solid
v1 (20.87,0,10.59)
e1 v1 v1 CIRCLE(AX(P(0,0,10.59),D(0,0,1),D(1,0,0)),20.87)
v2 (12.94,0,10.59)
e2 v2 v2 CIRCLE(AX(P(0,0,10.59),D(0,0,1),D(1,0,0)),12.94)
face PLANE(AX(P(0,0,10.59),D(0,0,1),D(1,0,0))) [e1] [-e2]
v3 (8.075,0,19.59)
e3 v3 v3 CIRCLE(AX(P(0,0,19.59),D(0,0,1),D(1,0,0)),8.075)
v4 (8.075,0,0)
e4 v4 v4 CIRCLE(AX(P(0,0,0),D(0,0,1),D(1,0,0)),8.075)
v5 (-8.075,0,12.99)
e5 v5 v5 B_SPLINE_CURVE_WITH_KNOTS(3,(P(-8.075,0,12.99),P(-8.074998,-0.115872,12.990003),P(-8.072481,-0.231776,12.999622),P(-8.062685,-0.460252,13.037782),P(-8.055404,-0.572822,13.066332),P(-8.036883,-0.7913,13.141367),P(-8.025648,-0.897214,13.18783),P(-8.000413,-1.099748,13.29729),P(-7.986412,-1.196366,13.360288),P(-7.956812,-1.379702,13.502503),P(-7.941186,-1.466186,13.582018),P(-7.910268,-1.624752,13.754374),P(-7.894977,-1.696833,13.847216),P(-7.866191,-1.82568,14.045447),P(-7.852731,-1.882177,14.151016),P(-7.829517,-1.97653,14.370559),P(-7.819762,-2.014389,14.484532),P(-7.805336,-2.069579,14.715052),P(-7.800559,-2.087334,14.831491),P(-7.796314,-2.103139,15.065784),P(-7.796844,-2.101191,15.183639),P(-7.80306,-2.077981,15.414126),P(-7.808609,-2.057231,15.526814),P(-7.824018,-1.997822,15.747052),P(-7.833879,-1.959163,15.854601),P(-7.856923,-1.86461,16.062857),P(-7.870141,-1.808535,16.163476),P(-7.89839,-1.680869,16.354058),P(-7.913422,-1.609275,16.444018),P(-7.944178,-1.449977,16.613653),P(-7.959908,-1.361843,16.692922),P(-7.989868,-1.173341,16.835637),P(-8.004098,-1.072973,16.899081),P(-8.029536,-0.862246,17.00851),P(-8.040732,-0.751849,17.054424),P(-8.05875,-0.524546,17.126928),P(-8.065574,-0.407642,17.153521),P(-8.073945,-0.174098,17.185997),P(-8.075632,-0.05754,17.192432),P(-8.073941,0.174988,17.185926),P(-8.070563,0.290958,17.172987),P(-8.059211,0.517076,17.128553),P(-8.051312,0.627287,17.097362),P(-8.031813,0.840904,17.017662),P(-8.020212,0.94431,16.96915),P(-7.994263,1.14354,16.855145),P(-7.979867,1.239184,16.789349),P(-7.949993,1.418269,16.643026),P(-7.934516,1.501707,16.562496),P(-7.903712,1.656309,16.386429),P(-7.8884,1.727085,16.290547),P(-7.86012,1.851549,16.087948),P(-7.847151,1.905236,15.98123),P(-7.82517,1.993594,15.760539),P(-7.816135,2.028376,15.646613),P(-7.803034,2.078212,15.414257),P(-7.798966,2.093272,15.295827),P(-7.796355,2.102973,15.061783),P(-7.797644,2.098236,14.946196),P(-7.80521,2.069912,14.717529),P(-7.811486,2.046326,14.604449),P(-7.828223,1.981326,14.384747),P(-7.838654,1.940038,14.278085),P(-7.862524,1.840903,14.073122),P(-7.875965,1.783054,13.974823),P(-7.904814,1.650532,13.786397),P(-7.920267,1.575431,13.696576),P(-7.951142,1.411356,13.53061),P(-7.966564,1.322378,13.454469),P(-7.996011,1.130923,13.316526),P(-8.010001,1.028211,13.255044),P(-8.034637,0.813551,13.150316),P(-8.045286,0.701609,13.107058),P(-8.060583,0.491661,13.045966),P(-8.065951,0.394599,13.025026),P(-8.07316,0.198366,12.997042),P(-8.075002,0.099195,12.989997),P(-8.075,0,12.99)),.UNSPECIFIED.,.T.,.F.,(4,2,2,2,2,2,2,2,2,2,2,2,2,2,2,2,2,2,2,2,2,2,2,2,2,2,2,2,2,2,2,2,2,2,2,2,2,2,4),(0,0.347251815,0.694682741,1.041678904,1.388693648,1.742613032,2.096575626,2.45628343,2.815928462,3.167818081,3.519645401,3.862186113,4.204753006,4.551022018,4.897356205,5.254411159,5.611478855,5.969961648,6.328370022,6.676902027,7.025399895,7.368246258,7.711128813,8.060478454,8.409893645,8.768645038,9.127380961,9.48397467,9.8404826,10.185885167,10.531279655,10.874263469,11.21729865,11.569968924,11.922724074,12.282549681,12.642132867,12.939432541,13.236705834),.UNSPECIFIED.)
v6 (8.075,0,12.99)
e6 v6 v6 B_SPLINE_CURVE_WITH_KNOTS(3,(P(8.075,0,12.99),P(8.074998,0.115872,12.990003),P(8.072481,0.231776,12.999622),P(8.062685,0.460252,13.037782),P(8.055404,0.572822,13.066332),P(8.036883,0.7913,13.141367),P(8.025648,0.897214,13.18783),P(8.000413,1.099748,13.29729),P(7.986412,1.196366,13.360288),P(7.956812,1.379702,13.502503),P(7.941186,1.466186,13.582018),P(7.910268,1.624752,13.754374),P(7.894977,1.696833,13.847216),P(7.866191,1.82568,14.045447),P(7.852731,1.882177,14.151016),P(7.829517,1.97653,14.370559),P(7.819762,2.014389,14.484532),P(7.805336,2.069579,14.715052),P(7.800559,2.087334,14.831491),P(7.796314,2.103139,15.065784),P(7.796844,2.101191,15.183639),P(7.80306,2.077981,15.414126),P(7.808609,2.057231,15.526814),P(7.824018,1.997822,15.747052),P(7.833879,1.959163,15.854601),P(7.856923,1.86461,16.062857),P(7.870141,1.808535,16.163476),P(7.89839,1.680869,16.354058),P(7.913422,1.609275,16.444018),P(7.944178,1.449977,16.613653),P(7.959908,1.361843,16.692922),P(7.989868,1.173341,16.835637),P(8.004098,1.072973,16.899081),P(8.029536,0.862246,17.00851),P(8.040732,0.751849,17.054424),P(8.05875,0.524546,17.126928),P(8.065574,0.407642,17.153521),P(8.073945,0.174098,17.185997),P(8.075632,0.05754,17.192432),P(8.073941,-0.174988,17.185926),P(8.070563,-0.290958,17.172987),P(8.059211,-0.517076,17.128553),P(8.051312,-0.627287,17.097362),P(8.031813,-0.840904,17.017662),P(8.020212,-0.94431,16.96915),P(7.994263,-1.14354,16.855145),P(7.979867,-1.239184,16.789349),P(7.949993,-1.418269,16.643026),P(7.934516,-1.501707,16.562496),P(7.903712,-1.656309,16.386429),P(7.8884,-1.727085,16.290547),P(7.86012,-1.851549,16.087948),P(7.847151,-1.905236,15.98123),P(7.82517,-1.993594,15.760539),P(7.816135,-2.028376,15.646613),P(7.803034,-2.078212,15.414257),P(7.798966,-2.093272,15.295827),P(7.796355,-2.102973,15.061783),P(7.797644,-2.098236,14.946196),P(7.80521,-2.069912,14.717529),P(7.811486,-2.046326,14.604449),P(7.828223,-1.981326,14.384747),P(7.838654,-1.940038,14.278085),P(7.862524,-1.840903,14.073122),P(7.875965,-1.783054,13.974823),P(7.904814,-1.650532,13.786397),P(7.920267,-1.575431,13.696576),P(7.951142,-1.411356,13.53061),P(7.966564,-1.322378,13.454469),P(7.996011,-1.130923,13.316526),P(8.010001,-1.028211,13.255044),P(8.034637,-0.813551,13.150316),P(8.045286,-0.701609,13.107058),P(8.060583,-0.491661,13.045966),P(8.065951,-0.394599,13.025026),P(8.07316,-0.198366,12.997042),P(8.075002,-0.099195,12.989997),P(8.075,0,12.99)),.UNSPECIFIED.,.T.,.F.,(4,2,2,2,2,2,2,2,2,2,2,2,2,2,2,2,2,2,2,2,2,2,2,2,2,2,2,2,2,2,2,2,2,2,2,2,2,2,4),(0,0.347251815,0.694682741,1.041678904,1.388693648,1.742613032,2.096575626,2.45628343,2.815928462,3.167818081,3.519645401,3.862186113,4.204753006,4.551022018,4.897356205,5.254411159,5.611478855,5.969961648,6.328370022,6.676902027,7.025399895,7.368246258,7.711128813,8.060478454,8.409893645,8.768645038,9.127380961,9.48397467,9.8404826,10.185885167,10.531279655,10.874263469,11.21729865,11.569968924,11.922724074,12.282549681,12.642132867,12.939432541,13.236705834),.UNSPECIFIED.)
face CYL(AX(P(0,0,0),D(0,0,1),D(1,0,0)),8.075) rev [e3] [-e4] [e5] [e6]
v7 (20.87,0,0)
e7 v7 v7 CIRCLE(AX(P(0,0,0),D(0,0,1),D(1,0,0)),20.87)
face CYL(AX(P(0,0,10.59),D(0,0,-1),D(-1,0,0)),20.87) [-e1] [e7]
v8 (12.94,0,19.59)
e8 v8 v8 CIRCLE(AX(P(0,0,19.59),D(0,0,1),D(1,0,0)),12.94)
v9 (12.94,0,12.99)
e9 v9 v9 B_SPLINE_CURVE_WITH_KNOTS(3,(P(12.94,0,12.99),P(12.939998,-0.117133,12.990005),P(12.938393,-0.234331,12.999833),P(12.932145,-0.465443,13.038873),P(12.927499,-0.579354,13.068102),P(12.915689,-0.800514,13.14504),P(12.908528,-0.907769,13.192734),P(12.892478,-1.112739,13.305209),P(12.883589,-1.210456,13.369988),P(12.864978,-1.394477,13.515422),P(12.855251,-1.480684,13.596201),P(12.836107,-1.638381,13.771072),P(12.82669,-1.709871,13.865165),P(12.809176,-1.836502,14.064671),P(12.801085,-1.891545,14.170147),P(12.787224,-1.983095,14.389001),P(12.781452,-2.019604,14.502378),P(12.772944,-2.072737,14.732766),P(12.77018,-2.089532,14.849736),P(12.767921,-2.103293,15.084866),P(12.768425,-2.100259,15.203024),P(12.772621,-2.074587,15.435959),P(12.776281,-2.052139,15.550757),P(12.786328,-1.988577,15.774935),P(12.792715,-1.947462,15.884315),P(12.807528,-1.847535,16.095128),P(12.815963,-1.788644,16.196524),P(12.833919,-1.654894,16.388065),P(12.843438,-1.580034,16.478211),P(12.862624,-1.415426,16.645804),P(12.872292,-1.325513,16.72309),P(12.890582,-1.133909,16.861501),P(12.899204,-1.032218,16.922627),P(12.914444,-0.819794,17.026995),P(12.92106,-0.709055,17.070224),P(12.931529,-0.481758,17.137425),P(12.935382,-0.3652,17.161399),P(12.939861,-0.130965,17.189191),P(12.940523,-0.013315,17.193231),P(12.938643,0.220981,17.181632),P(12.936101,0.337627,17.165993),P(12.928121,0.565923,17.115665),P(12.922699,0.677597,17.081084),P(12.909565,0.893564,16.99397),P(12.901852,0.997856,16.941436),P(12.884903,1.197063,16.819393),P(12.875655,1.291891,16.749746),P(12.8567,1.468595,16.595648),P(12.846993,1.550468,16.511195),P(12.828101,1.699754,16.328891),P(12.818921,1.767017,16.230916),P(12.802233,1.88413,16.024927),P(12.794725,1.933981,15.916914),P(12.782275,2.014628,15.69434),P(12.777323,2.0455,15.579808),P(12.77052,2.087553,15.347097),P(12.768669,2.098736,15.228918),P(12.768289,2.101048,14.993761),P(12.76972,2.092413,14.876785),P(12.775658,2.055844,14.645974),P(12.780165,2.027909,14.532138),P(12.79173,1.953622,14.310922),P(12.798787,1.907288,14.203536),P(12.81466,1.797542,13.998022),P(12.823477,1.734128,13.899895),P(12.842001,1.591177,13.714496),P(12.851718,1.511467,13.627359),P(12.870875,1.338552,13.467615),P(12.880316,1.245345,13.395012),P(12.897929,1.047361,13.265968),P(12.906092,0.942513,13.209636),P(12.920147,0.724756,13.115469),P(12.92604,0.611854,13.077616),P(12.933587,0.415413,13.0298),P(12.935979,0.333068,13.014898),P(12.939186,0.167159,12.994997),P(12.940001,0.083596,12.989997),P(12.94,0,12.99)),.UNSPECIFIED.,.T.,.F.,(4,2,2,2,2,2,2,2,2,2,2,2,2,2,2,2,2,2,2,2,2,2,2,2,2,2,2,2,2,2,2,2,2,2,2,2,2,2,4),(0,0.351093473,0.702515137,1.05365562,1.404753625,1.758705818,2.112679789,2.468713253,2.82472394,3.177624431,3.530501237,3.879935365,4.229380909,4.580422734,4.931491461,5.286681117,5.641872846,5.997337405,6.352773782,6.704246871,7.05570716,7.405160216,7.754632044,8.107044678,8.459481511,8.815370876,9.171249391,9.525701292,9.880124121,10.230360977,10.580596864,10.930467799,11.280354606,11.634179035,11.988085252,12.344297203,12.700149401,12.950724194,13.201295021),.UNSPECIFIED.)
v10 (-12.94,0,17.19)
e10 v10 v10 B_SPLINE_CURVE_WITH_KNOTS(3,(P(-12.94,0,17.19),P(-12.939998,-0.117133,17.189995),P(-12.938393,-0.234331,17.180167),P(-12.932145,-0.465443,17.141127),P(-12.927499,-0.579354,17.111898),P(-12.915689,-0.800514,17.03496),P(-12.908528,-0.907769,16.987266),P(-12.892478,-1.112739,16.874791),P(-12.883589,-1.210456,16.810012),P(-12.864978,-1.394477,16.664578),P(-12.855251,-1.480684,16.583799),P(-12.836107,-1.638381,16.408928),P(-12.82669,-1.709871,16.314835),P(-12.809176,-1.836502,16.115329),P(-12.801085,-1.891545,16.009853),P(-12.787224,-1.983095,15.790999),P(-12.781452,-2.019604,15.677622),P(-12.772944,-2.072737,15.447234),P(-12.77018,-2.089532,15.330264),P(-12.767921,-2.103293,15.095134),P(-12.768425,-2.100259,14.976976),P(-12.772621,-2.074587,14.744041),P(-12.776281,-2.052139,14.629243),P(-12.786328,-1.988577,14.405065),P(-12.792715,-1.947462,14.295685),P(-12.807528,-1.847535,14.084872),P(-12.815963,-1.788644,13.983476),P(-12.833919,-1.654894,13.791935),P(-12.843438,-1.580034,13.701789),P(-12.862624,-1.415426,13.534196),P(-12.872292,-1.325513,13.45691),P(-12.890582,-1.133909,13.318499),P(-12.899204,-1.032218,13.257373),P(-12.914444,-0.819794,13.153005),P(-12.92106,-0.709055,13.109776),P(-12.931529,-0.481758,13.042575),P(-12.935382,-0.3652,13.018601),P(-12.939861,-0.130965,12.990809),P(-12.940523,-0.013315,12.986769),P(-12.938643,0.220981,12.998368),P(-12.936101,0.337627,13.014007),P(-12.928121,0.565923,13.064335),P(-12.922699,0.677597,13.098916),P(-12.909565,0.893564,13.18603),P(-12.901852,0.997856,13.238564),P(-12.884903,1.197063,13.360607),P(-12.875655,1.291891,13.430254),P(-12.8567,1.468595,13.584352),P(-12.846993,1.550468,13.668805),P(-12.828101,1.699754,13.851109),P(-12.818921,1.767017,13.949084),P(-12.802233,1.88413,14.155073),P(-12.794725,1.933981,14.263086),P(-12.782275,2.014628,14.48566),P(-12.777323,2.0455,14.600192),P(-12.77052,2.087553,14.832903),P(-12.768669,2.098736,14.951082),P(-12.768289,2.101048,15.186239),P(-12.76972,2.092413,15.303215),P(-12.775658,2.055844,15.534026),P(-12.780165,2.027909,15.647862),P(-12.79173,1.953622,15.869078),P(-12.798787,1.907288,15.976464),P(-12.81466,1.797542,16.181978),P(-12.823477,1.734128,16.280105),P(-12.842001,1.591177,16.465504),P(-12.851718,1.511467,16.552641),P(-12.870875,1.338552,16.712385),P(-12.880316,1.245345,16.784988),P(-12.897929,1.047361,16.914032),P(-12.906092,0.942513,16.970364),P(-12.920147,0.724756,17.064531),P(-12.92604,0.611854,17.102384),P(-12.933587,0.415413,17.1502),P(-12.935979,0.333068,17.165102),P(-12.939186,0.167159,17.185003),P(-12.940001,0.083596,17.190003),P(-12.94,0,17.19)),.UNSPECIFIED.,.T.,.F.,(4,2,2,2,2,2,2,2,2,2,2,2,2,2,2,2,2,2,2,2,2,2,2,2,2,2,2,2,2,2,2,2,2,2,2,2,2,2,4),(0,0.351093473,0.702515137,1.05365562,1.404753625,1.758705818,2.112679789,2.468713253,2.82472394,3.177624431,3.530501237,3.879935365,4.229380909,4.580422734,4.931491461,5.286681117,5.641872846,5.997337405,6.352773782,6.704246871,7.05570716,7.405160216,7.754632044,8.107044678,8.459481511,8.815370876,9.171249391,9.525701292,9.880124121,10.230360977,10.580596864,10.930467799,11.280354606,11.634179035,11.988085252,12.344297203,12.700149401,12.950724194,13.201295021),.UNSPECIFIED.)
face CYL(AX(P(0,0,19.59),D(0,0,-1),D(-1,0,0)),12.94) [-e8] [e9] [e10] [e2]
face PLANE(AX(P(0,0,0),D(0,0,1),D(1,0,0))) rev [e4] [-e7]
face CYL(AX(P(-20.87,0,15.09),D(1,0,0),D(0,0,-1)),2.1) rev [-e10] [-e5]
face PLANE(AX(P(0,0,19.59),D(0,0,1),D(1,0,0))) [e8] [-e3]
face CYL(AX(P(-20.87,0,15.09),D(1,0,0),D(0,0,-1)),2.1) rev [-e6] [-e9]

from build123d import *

# Parameters (mm, degrees)
SKETCH1_R               = 20.87
BOSS_EXTRUDE1_DEPTH     = 10.59
SKETCH2_R               = 12.94
BOSS_EXTRUDE2_DEPTH     = 9
CUT_EXTRUDE1_DEPTH      = 36.424312273
CUT_EXTRUDE1_DEPTH_BACK = 36.424312273
SKETCH3_R               = 8.075
CUT_EXTRUDE2_DEPTH      = 36.424312273
CUT_EXTRUDE2_DEPTH_BACK = 36.424312273
SKETCH4_R               = 2.1


with BuildPart() as part:
    # Sketch1 → Boss-Extrude1 (new body)
    with BuildSketch(Plane(origin=(0, 0, 0), x_dir=(0, 1, 0), z_dir=(0, 0, 1))):
        with Locations(Location((0, 0, 0), (0, 0, 270))):
            Circle(SKETCH1_R)
    extrude(amount=BOSS_EXTRUDE1_DEPTH)

    # Sketch2 → Boss-Extrude2 (add)
    with BuildSketch(Plane.XY.offset(10.59)):
        Circle(SKETCH2_R)
    extrude(amount=BOSS_EXTRUDE2_DEPTH)

    # Sketch3 → Cut-Extrude1 (cut, two sides: drawn at the far end of the back side and taken through both)
    with BuildSketch(Plane.XY.offset(19.59).offset(-CUT_EXTRUDE1_DEPTH_BACK)):
        Circle(SKETCH3_R)
    extrude(amount=CUT_EXTRUDE1_DEPTH + CUT_EXTRUDE1_DEPTH_BACK, mode=Mode.SUBTRACT)

    # Sketch4 → Cut-Extrude2 (cut, two sides: drawn at the far end of the back side and taken through both)
    with BuildSketch(Plane.YZ.offset(-CUT_EXTRUDE2_DEPTH_BACK)):
        with Locations(Location((0, 15.09, 0), (0, 0, 270))):
            Circle(SKETCH4_R)
    extrude(amount=CUT_EXTRUDE2_DEPTH + CUT_EXTRUDE2_DEPTH_BACK, mode=Mode.SUBTRACT)


solid = part.part
